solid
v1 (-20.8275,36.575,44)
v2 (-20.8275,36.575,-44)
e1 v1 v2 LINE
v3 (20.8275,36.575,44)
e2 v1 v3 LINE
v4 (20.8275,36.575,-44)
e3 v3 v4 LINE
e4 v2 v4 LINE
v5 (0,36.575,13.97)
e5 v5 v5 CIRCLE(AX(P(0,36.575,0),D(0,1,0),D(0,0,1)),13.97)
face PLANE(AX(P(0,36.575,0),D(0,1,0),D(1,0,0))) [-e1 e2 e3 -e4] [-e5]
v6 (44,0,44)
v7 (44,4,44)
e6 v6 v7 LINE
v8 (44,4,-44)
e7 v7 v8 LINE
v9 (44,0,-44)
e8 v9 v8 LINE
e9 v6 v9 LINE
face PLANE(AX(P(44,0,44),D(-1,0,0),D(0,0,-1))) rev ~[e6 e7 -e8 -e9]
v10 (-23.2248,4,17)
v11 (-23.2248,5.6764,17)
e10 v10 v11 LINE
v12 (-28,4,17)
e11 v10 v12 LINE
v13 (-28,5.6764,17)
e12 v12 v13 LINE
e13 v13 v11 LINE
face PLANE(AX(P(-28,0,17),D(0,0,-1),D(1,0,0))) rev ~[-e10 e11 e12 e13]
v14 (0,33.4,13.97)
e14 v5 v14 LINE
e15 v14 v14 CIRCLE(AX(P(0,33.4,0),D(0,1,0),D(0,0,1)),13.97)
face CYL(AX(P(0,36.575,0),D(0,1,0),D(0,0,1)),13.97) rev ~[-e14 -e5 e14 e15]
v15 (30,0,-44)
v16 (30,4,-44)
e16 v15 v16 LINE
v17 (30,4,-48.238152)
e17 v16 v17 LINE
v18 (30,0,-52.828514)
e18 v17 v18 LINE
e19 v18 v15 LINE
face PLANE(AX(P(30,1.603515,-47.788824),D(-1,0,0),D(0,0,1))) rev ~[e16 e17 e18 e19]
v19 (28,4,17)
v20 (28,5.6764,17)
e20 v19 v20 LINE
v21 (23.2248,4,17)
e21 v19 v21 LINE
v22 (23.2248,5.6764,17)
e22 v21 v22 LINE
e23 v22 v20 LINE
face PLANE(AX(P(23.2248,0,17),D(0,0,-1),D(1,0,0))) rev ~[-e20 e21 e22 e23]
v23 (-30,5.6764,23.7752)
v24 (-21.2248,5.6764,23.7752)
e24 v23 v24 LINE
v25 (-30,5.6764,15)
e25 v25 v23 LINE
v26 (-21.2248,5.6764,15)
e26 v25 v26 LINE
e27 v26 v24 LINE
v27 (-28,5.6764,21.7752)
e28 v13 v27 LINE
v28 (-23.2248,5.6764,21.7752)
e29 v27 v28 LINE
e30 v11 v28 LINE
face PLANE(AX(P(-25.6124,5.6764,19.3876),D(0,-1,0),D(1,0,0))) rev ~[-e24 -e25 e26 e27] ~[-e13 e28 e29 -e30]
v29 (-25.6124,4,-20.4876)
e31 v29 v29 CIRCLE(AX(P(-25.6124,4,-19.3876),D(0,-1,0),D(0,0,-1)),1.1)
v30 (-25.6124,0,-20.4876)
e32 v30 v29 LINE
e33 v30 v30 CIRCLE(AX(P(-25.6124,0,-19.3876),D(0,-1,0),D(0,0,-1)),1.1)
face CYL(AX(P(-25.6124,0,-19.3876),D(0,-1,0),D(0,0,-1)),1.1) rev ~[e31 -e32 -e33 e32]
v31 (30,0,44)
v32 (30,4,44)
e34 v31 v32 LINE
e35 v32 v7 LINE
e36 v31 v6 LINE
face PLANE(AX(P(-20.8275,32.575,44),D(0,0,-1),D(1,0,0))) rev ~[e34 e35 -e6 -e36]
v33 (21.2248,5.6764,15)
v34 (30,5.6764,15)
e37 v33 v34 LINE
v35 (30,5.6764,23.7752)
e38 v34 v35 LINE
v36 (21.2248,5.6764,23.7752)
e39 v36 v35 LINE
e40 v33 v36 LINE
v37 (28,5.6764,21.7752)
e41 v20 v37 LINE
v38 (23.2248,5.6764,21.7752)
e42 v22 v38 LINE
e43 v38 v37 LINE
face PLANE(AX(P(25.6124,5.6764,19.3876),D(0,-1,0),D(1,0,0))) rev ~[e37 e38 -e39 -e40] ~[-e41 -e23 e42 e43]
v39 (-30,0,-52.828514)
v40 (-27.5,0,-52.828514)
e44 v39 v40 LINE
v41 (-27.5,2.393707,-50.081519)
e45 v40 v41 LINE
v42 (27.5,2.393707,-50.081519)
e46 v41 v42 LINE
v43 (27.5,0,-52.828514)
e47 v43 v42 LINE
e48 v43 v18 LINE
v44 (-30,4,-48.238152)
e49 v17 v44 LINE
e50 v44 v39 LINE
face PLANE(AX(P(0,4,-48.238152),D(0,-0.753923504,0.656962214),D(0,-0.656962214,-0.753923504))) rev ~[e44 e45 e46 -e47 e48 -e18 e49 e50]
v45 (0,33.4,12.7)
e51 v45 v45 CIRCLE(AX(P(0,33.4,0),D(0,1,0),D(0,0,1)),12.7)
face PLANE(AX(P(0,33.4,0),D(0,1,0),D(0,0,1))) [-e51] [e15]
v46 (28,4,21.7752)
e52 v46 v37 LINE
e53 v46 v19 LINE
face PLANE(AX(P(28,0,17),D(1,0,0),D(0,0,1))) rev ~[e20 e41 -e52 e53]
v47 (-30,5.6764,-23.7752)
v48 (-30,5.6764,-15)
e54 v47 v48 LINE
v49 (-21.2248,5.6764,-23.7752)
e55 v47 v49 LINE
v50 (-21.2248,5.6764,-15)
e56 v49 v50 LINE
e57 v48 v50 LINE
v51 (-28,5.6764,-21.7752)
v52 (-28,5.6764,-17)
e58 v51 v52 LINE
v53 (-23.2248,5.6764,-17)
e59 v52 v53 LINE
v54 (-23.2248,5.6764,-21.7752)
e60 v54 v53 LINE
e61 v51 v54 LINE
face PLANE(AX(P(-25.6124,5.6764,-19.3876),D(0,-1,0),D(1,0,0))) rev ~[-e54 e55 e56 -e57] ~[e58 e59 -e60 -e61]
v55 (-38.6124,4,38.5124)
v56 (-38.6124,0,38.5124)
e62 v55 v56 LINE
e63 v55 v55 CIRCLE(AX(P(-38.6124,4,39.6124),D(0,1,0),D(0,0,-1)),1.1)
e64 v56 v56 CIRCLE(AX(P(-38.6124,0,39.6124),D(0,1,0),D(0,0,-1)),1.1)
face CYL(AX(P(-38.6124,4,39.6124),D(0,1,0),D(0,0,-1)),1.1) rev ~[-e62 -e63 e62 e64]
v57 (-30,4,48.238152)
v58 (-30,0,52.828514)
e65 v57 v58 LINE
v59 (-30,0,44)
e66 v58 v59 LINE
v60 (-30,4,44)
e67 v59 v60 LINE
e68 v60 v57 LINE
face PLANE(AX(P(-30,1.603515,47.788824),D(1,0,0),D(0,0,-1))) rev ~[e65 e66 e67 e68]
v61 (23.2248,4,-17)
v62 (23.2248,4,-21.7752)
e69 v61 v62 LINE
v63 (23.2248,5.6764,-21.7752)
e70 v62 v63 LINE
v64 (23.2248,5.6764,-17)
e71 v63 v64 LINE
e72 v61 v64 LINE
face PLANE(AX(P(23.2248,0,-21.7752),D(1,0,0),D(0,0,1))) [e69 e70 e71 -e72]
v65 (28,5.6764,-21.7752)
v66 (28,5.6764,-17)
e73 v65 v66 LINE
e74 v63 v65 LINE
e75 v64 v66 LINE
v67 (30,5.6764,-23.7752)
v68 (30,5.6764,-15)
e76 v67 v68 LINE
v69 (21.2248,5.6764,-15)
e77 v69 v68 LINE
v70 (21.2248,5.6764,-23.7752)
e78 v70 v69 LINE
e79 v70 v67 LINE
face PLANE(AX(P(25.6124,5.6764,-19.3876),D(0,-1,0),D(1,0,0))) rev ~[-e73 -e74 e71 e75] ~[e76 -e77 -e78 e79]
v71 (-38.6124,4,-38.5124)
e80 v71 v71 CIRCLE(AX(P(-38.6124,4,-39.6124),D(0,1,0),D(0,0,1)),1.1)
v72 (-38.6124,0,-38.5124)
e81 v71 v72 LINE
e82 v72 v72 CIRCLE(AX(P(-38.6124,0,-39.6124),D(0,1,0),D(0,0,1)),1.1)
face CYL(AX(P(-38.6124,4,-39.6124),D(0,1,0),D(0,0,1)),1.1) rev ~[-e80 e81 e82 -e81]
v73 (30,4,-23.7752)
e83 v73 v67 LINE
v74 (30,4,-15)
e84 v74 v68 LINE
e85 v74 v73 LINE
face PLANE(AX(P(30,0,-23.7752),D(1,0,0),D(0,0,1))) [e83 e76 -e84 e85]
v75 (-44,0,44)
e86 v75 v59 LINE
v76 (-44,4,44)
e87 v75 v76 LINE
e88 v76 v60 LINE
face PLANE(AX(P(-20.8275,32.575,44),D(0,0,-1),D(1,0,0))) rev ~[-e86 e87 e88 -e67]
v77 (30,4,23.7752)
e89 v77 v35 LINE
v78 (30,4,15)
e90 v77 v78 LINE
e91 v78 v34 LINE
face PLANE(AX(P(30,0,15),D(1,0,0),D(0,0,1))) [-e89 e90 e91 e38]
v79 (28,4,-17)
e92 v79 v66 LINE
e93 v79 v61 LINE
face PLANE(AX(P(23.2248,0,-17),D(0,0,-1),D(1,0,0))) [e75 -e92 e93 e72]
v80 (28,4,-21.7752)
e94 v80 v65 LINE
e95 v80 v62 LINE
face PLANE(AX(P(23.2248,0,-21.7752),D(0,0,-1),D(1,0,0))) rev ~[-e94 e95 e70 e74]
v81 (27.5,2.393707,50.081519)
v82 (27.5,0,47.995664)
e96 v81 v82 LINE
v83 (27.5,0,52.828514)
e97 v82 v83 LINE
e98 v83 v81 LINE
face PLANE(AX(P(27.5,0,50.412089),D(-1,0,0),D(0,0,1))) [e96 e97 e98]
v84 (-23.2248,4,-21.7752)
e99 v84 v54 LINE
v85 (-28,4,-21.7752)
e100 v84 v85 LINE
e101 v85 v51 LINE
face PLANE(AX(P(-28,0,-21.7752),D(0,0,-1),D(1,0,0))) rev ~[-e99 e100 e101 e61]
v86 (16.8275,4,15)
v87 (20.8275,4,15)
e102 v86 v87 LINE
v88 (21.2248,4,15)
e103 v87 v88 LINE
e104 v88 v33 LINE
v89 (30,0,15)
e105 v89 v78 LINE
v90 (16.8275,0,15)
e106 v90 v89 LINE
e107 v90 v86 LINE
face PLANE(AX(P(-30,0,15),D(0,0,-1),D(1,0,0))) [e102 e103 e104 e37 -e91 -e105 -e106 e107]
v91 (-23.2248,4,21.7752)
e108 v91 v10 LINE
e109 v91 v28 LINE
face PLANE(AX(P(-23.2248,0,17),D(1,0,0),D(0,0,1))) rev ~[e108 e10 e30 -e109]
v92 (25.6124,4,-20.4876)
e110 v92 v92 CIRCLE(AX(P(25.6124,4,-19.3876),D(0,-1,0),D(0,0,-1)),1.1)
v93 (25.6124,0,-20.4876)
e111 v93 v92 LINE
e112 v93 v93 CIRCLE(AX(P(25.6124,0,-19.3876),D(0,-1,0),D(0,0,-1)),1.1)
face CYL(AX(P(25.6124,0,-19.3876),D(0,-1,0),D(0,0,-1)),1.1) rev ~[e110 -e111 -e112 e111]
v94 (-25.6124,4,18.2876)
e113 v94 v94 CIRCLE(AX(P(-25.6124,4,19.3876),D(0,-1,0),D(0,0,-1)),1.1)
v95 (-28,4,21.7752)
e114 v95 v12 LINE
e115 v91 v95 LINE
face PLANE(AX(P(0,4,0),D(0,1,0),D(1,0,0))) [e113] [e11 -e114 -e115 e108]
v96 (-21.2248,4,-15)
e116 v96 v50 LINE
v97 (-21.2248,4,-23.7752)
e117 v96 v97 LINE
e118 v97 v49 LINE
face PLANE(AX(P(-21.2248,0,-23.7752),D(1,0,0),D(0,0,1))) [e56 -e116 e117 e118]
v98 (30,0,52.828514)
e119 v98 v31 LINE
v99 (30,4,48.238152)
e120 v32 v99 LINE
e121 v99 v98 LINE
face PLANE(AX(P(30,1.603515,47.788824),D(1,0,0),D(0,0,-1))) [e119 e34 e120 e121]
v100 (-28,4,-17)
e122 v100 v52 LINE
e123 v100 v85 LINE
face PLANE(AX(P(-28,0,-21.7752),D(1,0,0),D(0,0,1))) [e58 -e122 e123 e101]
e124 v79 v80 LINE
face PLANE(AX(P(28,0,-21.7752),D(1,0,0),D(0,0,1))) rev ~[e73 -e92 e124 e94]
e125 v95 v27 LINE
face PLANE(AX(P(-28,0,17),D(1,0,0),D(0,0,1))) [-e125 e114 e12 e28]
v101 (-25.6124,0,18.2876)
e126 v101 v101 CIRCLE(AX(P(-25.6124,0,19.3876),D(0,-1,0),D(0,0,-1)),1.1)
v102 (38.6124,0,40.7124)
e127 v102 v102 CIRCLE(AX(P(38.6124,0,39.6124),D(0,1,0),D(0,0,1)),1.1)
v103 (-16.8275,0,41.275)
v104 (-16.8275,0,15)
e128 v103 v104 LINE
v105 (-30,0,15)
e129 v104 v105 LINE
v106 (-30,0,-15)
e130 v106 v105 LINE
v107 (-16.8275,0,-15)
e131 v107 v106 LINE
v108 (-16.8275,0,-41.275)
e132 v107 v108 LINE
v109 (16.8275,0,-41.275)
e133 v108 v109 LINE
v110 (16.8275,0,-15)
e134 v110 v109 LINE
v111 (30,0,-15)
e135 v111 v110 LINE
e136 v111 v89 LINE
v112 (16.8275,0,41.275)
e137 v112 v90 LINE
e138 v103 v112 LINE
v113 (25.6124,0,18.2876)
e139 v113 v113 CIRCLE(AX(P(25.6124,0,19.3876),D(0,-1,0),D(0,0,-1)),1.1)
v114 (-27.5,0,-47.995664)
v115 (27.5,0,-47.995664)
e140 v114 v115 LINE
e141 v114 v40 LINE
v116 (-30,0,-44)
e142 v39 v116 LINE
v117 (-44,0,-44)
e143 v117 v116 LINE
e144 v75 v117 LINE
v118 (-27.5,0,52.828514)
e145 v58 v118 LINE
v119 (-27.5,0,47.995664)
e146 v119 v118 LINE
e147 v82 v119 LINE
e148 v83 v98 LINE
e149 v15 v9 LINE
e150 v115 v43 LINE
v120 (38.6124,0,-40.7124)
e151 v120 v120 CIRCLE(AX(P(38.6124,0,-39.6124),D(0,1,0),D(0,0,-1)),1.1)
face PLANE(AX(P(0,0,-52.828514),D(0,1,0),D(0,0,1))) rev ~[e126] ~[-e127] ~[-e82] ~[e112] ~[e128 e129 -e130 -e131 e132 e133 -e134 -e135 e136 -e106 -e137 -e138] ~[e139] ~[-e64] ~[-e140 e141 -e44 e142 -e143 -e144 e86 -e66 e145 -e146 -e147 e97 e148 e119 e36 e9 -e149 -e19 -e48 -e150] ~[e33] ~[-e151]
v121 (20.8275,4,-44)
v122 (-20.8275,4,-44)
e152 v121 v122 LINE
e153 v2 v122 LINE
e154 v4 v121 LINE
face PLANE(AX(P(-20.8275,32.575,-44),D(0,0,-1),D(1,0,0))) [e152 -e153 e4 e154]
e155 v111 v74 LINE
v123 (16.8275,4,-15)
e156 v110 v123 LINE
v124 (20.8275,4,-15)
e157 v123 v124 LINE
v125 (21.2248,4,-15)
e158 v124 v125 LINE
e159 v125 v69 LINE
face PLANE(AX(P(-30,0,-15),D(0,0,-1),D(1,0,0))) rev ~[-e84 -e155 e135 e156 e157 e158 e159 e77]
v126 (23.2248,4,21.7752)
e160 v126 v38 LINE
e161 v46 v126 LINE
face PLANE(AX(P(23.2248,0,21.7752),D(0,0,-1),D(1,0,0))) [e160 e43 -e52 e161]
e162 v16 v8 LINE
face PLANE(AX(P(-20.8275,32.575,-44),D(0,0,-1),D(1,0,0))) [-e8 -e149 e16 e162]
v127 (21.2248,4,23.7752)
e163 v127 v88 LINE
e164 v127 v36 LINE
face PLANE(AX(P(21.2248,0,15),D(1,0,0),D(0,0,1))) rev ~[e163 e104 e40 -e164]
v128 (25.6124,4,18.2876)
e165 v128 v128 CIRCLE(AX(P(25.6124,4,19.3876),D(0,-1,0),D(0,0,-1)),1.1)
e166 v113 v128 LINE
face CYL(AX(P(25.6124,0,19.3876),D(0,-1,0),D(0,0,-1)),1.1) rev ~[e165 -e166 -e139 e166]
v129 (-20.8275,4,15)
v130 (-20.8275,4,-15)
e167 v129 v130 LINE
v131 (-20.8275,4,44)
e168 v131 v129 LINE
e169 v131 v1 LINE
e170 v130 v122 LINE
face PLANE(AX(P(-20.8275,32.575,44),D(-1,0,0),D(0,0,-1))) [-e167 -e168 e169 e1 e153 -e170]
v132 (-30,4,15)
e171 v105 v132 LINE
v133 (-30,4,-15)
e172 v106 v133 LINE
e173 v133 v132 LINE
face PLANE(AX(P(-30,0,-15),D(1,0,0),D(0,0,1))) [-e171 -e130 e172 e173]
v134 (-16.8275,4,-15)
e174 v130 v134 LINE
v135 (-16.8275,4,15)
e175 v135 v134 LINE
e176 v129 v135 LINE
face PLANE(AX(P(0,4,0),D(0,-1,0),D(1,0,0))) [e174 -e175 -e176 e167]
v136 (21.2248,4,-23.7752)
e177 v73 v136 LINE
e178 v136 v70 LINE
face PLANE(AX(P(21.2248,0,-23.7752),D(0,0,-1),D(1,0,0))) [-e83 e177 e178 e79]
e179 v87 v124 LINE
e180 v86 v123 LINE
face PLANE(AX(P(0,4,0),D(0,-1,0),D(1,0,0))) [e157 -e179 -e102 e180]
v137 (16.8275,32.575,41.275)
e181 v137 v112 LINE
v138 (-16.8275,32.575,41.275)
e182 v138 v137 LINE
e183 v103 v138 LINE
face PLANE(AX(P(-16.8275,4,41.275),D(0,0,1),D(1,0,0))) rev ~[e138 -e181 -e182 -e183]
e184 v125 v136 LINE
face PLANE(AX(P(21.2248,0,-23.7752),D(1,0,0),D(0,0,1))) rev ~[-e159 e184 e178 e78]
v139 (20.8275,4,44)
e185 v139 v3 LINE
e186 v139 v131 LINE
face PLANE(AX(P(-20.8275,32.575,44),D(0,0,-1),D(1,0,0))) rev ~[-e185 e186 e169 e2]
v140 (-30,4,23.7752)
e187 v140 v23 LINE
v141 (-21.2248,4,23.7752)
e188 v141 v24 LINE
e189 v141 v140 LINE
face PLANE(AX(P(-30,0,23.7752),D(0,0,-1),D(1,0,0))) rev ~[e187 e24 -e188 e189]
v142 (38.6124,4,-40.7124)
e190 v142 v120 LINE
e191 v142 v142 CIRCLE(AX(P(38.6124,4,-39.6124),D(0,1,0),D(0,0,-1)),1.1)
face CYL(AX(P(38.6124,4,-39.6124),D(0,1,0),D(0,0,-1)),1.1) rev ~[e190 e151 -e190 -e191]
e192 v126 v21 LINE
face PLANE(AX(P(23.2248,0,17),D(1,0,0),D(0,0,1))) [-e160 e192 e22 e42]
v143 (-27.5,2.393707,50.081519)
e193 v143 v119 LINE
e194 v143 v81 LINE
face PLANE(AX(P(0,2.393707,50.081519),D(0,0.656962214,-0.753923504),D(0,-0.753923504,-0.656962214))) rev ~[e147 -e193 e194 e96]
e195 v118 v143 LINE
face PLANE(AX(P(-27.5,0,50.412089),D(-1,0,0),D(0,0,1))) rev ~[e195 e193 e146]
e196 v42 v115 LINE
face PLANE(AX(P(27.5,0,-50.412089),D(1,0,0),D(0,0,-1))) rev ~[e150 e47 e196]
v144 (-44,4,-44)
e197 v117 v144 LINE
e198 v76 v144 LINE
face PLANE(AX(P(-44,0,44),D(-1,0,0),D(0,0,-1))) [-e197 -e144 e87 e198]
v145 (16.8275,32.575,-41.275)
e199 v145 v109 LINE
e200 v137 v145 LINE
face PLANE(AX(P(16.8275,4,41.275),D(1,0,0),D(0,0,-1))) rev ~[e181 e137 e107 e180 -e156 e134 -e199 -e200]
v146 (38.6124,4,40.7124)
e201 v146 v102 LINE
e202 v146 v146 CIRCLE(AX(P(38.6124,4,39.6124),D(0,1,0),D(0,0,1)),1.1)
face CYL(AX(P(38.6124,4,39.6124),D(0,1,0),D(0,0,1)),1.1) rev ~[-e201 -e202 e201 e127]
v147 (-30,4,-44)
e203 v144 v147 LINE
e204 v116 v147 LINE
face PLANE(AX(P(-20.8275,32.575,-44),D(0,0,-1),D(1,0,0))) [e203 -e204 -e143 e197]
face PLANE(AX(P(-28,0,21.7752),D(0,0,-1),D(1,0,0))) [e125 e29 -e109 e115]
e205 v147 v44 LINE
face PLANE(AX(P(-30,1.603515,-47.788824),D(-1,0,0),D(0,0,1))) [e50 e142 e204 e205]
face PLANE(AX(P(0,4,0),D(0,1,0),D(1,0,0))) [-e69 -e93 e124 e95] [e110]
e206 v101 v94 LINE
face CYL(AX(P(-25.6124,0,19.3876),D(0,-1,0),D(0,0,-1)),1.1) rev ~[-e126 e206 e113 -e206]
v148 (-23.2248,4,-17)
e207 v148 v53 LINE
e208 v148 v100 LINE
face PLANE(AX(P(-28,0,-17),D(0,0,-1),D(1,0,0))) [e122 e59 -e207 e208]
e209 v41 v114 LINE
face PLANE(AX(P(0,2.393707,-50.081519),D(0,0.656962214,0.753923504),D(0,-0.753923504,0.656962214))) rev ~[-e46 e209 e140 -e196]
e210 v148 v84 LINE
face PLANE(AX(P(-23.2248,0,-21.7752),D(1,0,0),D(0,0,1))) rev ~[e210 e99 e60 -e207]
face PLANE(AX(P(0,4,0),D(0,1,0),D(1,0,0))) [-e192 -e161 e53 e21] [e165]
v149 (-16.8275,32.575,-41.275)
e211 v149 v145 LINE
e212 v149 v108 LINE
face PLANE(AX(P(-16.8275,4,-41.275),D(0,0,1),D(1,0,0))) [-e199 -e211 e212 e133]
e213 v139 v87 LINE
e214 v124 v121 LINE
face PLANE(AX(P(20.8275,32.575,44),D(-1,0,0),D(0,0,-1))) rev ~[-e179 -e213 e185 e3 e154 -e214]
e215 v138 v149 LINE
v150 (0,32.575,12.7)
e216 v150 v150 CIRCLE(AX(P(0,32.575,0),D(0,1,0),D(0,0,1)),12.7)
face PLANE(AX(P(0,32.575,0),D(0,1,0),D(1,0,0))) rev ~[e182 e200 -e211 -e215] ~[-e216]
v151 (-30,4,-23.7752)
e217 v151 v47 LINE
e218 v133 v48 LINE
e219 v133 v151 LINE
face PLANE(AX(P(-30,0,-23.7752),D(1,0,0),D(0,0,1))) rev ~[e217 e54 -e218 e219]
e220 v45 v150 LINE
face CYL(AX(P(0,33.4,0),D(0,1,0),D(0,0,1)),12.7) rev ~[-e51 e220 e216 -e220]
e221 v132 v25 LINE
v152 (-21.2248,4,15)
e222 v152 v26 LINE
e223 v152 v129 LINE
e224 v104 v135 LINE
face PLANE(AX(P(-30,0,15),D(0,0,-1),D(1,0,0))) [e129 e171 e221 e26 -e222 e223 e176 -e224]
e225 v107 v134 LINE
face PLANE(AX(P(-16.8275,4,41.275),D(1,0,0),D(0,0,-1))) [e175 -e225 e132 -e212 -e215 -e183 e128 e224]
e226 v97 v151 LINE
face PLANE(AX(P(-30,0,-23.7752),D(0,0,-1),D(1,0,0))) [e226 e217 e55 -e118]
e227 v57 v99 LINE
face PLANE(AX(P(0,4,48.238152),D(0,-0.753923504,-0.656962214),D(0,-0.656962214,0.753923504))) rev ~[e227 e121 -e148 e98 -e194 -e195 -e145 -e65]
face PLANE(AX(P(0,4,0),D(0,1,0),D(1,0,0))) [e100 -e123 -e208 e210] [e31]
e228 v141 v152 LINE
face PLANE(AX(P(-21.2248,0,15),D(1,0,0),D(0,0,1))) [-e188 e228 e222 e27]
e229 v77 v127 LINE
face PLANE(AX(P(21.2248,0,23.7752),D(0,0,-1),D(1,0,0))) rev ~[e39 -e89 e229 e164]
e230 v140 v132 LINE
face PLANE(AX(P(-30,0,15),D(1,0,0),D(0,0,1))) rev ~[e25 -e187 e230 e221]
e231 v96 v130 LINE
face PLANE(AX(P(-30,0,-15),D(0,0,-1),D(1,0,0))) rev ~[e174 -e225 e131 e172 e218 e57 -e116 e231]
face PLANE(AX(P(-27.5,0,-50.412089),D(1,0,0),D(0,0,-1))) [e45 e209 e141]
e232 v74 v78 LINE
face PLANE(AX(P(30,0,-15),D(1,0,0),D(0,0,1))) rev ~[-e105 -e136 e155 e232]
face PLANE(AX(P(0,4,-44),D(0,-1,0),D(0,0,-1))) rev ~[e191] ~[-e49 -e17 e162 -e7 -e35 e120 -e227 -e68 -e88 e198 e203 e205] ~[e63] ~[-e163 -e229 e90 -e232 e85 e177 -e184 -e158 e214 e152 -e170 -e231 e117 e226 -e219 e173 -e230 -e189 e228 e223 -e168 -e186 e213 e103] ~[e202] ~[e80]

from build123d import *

# Parameters (mm, degrees)
SKETCH1_W           = 88
SKETCH1_H           = 88
BOSS_EXTRUDE1_DEPTH = 4
SKETCH2_W           = 41.655
SKETCH2_H           = 88
SKETCH2_W_2         = 33.655
SKETCH2_H_2         = 82.55
BOSS_EXTRUDE2_DEPTH = 28.575
SKETCH4_W           = 33.655
SKETCH4_H           = 82.55
CUT_EXTRUDE1_DEPTH  = 69.472845895
SKETCH5_W           = 41.655
SKETCH5_H           = 88
BOSS_EXTRUDE3_DEPTH = 4
SKETCH6_R           = 13.97
CUT_EXTRUDE2_DEPTH  = 3.175
SKETCH7_R           = 12.7
CUT_EXTRUDE3_DEPTH  = 71.622659253
SKETCH8_W           = 60
SKETCH8_H           = 30
CUT_EXTRUDE4_DEPTH  = 4
SKETCH9_W           = 8.7752
SKETCH9_H           = 8.7752
SKETCH9_W_2         = 4.7752
SKETCH9_H_2         = 4.7752
BOSS_EXTRUDE4_DEPTH = 5.6764
SKETCH10_R          = 1.1
CUT_EXTRUDE5_DEPTH  = 73.17846372
SKETCH11_R          = 1.1
CUT_EXTRUDE6_DEPTH  = 71.236248654
BOSS_EXTRUDE5_DEPTH = 30
CUT_EXTRUDE7_DEPTH  = 27.5


with BuildPart() as part:
    # Sketch1 → Boss-Extrude1 (new body)
    with BuildSketch(Plane(origin=(0, 0, 0), x_dir=(1, 0, 0), z_dir=(0, 1, 0))):
        Rectangle(SKETCH1_W, SKETCH1_H)
    extrude(amount=BOSS_EXTRUDE1_DEPTH)

    # Sketch2 → Boss-Extrude2 (add)
    with BuildSketch(Plane(origin=(0, 4, 0), x_dir=(1, 0, 0), z_dir=(0, 1, 0))):
        Rectangle(SKETCH2_W, SKETCH2_H)
        Rectangle(SKETCH2_W_2, SKETCH2_H_2, mode=Mode.SUBTRACT)
    extrude(amount=BOSS_EXTRUDE2_DEPTH)

    # Sketch4 → Cut-Extrude1 (cut, through all)
    with BuildSketch(Plane(origin=(0, 4, 0), x_dir=(1, 0, 0), z_dir=(0, 1, 0))):
        Rectangle(SKETCH4_W, SKETCH4_H)
    extrude(amount=-CUT_EXTRUDE1_DEPTH, mode=Mode.SUBTRACT)

    # Sketch5 → Boss-Extrude3 (add)
    with BuildSketch(Plane(origin=(0, 32.575, 0), x_dir=(1, 0, 0), z_dir=(0, 1, 0))):
        Rectangle(SKETCH5_W, SKETCH5_H)
    extrude(amount=BOSS_EXTRUDE3_DEPTH)

    # Sketch6 → Cut-Extrude2 (cut)
    with BuildSketch(Plane(origin=(0, 36.575, 0), x_dir=(1, 0, 0), z_dir=(0, 1, 0))):
        with Locations(Location((0, 0, 0), (0, 0, 270))):
            Circle(SKETCH6_R)
    extrude(amount=-CUT_EXTRUDE2_DEPTH, mode=Mode.SUBTRACT)

    # Sketch7 → Cut-Extrude3 (cut, through all)
    with BuildSketch(Plane(origin=(0, 33.4, 0), x_dir=(1, 0, 0), z_dir=(0, 1, 0))):
        with Locations(Location((0, 0, 0), (0, 0, 270))):
            Circle(SKETCH7_R)
    extrude(amount=-CUT_EXTRUDE3_DEPTH, mode=Mode.SUBTRACT)

    # Sketch8 → Cut-Extrude4 (cut)
    with BuildSketch(Plane.XZ):
        Rectangle(SKETCH8_W, SKETCH8_H)
    extrude(amount=-CUT_EXTRUDE4_DEPTH, mode=Mode.SUBTRACT)

    # Sketch9 → Boss-Extrude4 (add)
    # profile 1 of 4: a face of its own
    with BuildSketch(Plane.XZ):
        with Locations((-25.6124, 19.3876)):
            Rectangle(SKETCH9_W, SKETCH9_H)
        with Locations((-25.6124, 19.3876)):
            Rectangle(SKETCH9_W_2, SKETCH9_H_2, mode=Mode.SUBTRACT)
    # profile 2 of 4: a face of its own
    with BuildSketch(Plane.XZ):
        with Locations((25.6124, 19.3876)):
            Rectangle(SKETCH9_W, SKETCH9_H)
        with Locations((25.6124, 19.3876)):
            Rectangle(SKETCH9_W_2, SKETCH9_H_2, mode=Mode.SUBTRACT)
    # profile 3 of 4: a face of its own
    with BuildSketch(Plane.XZ):
        with Locations((25.6124, -19.3876)):
            Rectangle(SKETCH9_W, SKETCH9_H)
        with Locations((25.6124, -19.3876)):
            Rectangle(SKETCH9_W_2, SKETCH9_H_2, mode=Mode.SUBTRACT)
    # profile 4 of 4: a face of its own
    with BuildSketch(Plane.XZ):
        with Locations((-25.6124, -19.3876)):
            Rectangle(SKETCH9_W, SKETCH9_H)
        with Locations((-25.6124, -19.3876)):
            Rectangle(SKETCH9_W_2, SKETCH9_H_2, mode=Mode.SUBTRACT)
    extrude(amount=-BOSS_EXTRUDE4_DEPTH)

    # Sketch10 → Cut-Extrude5 (cut, through all)
    with BuildSketch(Plane.XZ):
        with Locations(Location((-25.6124, 19.3876, 0), (0, 0, 270))):
            Circle(SKETCH10_R)
        with Locations(Location((25.6124, 19.3876, 0), (0, 0, 270))):
            Circle(SKETCH10_R)
        with Locations(Location((25.6124, -19.3876, 0), (0, 0, 270))):
            Circle(SKETCH10_R)
        with Locations(Location((-25.6124, -19.3876, 0), (0, 0, 270))):
            Circle(SKETCH10_R)
    extrude(amount=-CUT_EXTRUDE5_DEPTH, mode=Mode.SUBTRACT)

    # Sketch11 → Cut-Extrude6 (cut, through all)
    with BuildSketch(Plane(origin=(0, 4, 0), x_dir=(1, 0, 0), z_dir=(0, 1, 0))):
        with Locations(Location((-38.6124, 39.6124, 0), (0, 0, 270))):
            Circle(SKETCH11_R)
        with Locations(Location((38.6124, 39.6124, 0), (0, 0, 90))):
            Circle(SKETCH11_R)
        with Locations(Location((38.6124, -39.6124, 0), (0, 0, 270))):
            Circle(SKETCH11_R)
        with Locations(Location((-38.6124, -39.6124, 0), (0, 0, 90))):
            Circle(SKETCH11_R)
    extrude(amount=-CUT_EXTRUDE6_DEPTH, mode=Mode.SUBTRACT)

    # Sketch14 → Boss-Extrude5 (add, symmetric)
    with BuildSketch(Plane(origin=(0, 0, 0), x_dir=(0, 0, -1), z_dir=(1, 0, 0))):
        Polygon((-44, 4), (-48.238152403, 4), (-52.828513848, 0), (-44, 0), align=None)
        Polygon((44, 0), (44, 4), (48.238152403, 4), (52.828513848, 0), align=None)
    extrude(amount=BOSS_EXTRUDE5_DEPTH, both=True)

    # Sketch15 → Cut-Extrude7 (cut, symmetric)
    with BuildSketch(Plane(origin=(0, 0, 0), x_dir=(0, 0, -1), z_dir=(1, 0, 0))):
        Polygon((-50.081518623, 2.393707125), (-47.995663595, 0), (-50.74265882, -2.393707125), (-52.828513848, 0), align=None)
        Polygon((52.828513848, 0), (50.081518623, 2.393707125), (47.995663595, 0), (50.74265882, -2.393707125), align=None)
    extrude(amount=CUT_EXTRUDE7_DEPTH, both=True, mode=Mode.SUBTRACT)


solid = part.part
